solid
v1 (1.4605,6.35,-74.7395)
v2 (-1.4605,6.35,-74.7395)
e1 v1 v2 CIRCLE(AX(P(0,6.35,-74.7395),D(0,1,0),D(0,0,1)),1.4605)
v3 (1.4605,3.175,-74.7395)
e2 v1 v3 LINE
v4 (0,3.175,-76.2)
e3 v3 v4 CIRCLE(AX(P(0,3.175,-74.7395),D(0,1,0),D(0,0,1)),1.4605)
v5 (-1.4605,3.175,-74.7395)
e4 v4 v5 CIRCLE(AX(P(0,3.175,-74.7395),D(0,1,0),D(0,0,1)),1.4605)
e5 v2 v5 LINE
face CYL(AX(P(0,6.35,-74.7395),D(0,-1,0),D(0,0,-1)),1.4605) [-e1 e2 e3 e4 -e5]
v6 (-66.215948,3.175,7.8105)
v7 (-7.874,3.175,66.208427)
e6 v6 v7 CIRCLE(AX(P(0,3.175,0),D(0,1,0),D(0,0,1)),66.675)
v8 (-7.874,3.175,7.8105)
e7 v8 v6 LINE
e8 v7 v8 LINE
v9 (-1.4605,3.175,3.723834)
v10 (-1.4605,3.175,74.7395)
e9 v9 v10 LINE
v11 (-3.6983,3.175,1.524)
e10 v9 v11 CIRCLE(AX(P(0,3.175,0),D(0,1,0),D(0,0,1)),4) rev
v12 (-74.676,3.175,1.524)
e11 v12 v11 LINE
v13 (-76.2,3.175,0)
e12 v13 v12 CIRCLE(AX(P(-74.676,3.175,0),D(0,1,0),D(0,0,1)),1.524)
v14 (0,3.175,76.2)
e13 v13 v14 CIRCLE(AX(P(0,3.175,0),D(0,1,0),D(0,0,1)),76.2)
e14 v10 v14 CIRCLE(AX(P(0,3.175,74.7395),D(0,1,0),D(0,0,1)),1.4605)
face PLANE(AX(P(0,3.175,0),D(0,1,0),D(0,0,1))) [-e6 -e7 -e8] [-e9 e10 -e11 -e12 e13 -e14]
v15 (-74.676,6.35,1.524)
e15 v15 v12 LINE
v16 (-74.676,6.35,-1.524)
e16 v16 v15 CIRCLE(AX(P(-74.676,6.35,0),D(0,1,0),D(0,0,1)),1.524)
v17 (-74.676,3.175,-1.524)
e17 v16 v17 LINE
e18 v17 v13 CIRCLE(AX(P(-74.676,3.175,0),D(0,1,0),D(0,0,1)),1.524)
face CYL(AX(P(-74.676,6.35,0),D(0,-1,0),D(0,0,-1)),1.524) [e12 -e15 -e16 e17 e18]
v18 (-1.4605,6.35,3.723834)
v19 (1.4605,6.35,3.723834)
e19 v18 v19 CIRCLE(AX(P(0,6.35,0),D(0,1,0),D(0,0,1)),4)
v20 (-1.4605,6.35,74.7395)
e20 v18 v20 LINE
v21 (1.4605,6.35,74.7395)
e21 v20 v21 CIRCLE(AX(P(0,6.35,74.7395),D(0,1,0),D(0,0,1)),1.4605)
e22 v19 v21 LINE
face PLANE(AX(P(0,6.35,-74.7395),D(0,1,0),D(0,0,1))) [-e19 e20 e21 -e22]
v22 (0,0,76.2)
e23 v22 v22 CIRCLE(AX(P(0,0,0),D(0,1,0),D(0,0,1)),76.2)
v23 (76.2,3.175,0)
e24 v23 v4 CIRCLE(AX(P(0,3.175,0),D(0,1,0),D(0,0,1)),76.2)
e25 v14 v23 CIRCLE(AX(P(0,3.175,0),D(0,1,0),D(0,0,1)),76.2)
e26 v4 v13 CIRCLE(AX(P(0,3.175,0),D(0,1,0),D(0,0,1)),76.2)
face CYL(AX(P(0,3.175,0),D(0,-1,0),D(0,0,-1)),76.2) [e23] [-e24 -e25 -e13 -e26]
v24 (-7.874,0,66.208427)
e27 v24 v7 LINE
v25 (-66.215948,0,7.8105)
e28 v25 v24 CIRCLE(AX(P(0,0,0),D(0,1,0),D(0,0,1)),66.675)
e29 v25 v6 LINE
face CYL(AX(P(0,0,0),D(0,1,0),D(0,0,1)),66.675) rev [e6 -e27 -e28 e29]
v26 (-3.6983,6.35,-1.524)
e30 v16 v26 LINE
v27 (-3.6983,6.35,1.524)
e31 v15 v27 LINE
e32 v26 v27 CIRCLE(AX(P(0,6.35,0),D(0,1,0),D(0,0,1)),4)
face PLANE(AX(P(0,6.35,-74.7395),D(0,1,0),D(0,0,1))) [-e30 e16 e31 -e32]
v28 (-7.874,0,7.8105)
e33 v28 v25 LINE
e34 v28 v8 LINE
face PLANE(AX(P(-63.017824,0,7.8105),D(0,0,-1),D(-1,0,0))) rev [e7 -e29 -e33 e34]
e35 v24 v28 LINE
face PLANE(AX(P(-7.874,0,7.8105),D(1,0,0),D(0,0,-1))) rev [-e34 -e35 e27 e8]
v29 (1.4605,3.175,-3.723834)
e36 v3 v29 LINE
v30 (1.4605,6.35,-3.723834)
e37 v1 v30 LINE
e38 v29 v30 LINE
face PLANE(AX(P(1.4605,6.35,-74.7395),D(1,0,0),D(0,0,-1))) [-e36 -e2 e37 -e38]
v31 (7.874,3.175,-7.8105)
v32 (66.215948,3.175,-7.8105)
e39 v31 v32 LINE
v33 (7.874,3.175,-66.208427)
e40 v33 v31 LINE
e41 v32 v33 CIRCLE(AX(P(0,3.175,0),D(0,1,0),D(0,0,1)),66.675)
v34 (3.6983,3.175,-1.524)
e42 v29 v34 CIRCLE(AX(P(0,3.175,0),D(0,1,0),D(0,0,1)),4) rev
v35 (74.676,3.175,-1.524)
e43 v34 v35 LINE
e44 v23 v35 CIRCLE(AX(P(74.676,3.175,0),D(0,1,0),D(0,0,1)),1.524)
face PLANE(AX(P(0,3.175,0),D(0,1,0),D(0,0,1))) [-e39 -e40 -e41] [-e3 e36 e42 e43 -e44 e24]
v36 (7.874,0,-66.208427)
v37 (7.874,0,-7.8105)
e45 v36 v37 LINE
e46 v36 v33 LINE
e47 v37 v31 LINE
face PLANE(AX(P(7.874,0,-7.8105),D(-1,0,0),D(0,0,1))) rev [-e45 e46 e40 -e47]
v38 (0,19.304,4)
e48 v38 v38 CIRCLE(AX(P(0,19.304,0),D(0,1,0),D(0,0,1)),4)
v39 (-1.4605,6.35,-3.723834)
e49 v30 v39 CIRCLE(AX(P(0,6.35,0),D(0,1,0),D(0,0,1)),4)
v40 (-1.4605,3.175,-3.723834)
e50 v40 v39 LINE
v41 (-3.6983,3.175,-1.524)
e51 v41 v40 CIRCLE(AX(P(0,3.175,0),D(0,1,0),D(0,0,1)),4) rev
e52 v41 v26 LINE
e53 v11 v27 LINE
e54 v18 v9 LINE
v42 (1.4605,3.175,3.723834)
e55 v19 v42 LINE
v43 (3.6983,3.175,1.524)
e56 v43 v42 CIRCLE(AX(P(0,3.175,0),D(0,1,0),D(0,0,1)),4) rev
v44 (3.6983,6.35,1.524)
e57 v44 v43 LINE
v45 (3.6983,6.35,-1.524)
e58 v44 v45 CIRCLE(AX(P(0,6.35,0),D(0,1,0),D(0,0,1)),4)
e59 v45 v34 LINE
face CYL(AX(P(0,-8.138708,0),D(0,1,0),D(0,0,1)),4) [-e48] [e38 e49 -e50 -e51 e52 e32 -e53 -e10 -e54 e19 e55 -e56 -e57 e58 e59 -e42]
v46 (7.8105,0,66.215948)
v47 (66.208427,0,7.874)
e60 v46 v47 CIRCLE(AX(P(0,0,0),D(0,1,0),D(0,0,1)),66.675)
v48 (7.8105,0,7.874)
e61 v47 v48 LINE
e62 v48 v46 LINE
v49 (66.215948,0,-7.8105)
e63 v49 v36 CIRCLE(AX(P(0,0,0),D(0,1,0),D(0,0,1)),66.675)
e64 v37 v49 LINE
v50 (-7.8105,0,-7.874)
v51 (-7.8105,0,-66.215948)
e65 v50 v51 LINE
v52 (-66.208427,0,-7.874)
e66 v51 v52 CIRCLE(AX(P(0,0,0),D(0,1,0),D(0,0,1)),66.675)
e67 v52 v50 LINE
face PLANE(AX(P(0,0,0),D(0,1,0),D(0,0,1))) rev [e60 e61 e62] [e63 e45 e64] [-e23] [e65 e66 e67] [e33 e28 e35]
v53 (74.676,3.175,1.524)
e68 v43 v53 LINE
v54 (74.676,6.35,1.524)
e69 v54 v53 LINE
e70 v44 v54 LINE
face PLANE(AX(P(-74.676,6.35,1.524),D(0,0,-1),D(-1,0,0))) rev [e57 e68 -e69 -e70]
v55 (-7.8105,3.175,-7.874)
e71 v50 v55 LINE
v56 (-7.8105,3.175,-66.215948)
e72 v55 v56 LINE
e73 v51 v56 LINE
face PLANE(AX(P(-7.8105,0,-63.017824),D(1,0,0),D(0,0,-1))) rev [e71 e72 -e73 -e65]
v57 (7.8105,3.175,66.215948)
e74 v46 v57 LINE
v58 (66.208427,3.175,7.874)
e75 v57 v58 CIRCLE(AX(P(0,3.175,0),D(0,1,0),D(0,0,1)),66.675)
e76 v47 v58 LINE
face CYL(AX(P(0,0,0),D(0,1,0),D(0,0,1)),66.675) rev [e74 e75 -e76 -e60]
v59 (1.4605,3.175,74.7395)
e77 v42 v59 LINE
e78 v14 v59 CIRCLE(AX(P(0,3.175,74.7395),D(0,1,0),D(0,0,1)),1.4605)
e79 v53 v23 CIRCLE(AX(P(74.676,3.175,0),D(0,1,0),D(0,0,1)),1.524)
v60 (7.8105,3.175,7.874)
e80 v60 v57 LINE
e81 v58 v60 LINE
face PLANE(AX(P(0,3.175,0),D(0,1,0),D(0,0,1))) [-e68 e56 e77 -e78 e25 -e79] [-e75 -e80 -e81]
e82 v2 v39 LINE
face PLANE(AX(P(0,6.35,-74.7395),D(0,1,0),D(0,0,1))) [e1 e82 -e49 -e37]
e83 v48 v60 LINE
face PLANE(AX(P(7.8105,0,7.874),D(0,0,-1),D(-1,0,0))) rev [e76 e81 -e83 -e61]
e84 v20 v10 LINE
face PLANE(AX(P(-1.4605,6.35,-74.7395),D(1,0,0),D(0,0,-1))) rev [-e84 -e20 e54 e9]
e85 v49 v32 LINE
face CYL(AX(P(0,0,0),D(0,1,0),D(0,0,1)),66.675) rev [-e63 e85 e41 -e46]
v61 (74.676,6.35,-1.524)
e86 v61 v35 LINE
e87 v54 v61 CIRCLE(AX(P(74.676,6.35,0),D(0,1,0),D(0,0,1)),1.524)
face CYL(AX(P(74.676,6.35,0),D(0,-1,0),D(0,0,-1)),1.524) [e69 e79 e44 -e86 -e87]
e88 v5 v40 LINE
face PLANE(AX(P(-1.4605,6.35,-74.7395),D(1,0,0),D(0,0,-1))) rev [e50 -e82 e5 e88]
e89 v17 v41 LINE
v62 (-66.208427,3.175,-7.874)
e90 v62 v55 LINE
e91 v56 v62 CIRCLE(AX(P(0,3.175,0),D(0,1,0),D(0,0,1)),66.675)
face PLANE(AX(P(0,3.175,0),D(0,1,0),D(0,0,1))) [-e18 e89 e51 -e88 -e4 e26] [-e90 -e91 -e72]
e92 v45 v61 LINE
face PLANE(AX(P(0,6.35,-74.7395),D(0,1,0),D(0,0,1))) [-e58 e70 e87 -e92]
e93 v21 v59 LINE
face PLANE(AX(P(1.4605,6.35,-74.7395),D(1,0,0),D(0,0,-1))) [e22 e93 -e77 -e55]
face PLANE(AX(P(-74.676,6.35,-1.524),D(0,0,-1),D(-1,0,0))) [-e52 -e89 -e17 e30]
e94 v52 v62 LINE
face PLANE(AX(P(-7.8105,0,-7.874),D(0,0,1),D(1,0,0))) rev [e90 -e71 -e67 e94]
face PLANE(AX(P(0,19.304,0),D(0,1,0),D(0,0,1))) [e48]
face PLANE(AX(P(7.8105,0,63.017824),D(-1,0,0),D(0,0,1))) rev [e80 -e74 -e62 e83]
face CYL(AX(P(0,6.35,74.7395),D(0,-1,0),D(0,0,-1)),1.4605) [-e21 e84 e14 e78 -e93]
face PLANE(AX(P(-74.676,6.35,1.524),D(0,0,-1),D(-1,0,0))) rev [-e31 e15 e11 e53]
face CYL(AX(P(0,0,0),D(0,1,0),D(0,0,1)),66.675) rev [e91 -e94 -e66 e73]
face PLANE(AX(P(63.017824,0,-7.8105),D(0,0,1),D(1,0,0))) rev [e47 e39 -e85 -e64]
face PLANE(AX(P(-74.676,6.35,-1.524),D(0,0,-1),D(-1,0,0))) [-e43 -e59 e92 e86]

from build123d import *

# Parameters (mm, degrees)
SKETCH1_R                = 76.2
BOSS_EXTRUDE1_DEPTH      = 3.175
BOSS_EXTRUDE2_DEPTH      = 3.175
SKETCH3_R                = 4
BOSS_EXTRUDE3_DEPTH      = 12.954
BOSS_EXTRUDE3_DEPTH_BACK = 6.35
CUT_EXTRUDE1_DEPTH       = 4.175


with BuildPart() as part:
    # Sketch1 → Boss-Extrude1 (new body)
    with BuildSketch(Plane(origin=(0, 0, 0), x_dir=(1, 0, 0), z_dir=(0, 1, 0))):
        Circle(SKETCH1_R)
    extrude(amount=BOSS_EXTRUDE1_DEPTH)

    # Sketch2 → Boss-Extrude2 (add)
    with BuildSketch(Plane(origin=(0, 3.175, 0), x_dir=(1, 0, 0), z_dir=(0, 1, 0))):
        with BuildLine():
            Line((-74.676, 1.524), (74.676, 1.524))
            ThreePointArc((74.676, 1.524), (76.2, 0), (74.676, -1.524))
            Line((74.676, -1.524), (-74.676, -1.524))
            ThreePointArc((-74.676, -1.524), (-76.2, 0), (-74.676, 1.524))
        make_face()
        with BuildLine():
            Line((1.4605, 74.7395), (1.4605, -74.7395))
            ThreePointArc((1.4605, -74.7395), (0, -76.2), (-1.4605, -74.7395))
            Line((-1.4605, -74.7395), (-1.4605, 74.7395))
            ThreePointArc((-1.4605, 74.7395), (0, 76.2), (1.4605, 74.7395))
        make_face()
    extrude(amount=BOSS_EXTRUDE2_DEPTH)

    # Sketch3 → Boss-Extrude3 (add, two sides)
    with BuildSketch(Plane(origin=(0, 6.35, 0), x_dir=(1, 0, 0), z_dir=(0, 1, 0))) as boss_extrude3_sk:
        Circle(SKETCH3_R)
    extrude(amount=BOSS_EXTRUDE3_DEPTH)
    extrude(boss_extrude3_sk.sketch, amount=-BOSS_EXTRUDE3_DEPTH_BACK)

    # Sketch4 → Cut-Extrude1 (cut, through all)
    with BuildSketch(Plane(origin=(0, 3.175, 0), x_dir=(1, 0, 0), z_dir=(0, 1, 0))):
        with BuildLine():
            Line((-7.8105, 7.874), (-39.5605, 7.874))
            Line((-39.5605, 7.874), (-63.009920838, 7.874))
            Line((-63.009920838, 7.874), (-66.208426571, 7.874))
            ThreePointArc((-66.208426571, 7.874), (-47.123731651, 47.168946779), (-7.8105, 66.215947586))
            Line((-7.8105, 66.215947586), (-7.8105, 63.017823588))
            Line((-7.8105, 63.017823588), (-7.8105, 7.874))
        make_face()
        with BuildLine():
            Line((7.874, 63.009920838), (7.874, 66.208426571))
            ThreePointArc((7.874, 66.208426571), (47.168946779, 47.123731651), (66.215947586, 7.8105))
            Line((66.215947586, 7.8105), (63.017823588, 7.8105))
            Line((63.017823588, 7.8105), (7.874, 7.8105))
            Line((7.874, 7.8105), (7.874, 39.5605))
            Line((7.874, 39.5605), (7.874, 63.009920838))
        make_face()
        with BuildLine():
            Line((63.009920838, -7.874), (66.208426571, -7.874))
            ThreePointArc((66.208426571, -7.874), (47.123731651, -47.168946779), (7.8105, -66.215947586))
            Line((7.8105, -66.215947586), (7.8105, -63.017823588))
            Line((7.8105, -63.017823588), (7.8105, -7.874))
            Line((7.8105, -7.874), (39.5605, -7.874))
            Line((39.5605, -7.874), (63.009920838, -7.874))
        make_face()
        with BuildLine():
            Line((-7.874, -63.009920838), (-7.874, -66.208426571))
            ThreePointArc((-7.874, -66.208426571), (-47.168946779, -47.123731651), (-66.215947586, -7.8105))
            Line((-66.215947586, -7.8105), (-63.017823588, -7.8105))
            Line((-63.017823588, -7.8105), (-7.874, -7.8105))
            Line((-7.874, -7.8105), (-7.874, -39.5605))
            Line((-7.874, -39.5605), (-7.874, -63.009920838))
        make_face()
    extrude(amount=-CUT_EXTRUDE1_DEPTH, mode=Mode.SUBTRACT)


solid = part.part
